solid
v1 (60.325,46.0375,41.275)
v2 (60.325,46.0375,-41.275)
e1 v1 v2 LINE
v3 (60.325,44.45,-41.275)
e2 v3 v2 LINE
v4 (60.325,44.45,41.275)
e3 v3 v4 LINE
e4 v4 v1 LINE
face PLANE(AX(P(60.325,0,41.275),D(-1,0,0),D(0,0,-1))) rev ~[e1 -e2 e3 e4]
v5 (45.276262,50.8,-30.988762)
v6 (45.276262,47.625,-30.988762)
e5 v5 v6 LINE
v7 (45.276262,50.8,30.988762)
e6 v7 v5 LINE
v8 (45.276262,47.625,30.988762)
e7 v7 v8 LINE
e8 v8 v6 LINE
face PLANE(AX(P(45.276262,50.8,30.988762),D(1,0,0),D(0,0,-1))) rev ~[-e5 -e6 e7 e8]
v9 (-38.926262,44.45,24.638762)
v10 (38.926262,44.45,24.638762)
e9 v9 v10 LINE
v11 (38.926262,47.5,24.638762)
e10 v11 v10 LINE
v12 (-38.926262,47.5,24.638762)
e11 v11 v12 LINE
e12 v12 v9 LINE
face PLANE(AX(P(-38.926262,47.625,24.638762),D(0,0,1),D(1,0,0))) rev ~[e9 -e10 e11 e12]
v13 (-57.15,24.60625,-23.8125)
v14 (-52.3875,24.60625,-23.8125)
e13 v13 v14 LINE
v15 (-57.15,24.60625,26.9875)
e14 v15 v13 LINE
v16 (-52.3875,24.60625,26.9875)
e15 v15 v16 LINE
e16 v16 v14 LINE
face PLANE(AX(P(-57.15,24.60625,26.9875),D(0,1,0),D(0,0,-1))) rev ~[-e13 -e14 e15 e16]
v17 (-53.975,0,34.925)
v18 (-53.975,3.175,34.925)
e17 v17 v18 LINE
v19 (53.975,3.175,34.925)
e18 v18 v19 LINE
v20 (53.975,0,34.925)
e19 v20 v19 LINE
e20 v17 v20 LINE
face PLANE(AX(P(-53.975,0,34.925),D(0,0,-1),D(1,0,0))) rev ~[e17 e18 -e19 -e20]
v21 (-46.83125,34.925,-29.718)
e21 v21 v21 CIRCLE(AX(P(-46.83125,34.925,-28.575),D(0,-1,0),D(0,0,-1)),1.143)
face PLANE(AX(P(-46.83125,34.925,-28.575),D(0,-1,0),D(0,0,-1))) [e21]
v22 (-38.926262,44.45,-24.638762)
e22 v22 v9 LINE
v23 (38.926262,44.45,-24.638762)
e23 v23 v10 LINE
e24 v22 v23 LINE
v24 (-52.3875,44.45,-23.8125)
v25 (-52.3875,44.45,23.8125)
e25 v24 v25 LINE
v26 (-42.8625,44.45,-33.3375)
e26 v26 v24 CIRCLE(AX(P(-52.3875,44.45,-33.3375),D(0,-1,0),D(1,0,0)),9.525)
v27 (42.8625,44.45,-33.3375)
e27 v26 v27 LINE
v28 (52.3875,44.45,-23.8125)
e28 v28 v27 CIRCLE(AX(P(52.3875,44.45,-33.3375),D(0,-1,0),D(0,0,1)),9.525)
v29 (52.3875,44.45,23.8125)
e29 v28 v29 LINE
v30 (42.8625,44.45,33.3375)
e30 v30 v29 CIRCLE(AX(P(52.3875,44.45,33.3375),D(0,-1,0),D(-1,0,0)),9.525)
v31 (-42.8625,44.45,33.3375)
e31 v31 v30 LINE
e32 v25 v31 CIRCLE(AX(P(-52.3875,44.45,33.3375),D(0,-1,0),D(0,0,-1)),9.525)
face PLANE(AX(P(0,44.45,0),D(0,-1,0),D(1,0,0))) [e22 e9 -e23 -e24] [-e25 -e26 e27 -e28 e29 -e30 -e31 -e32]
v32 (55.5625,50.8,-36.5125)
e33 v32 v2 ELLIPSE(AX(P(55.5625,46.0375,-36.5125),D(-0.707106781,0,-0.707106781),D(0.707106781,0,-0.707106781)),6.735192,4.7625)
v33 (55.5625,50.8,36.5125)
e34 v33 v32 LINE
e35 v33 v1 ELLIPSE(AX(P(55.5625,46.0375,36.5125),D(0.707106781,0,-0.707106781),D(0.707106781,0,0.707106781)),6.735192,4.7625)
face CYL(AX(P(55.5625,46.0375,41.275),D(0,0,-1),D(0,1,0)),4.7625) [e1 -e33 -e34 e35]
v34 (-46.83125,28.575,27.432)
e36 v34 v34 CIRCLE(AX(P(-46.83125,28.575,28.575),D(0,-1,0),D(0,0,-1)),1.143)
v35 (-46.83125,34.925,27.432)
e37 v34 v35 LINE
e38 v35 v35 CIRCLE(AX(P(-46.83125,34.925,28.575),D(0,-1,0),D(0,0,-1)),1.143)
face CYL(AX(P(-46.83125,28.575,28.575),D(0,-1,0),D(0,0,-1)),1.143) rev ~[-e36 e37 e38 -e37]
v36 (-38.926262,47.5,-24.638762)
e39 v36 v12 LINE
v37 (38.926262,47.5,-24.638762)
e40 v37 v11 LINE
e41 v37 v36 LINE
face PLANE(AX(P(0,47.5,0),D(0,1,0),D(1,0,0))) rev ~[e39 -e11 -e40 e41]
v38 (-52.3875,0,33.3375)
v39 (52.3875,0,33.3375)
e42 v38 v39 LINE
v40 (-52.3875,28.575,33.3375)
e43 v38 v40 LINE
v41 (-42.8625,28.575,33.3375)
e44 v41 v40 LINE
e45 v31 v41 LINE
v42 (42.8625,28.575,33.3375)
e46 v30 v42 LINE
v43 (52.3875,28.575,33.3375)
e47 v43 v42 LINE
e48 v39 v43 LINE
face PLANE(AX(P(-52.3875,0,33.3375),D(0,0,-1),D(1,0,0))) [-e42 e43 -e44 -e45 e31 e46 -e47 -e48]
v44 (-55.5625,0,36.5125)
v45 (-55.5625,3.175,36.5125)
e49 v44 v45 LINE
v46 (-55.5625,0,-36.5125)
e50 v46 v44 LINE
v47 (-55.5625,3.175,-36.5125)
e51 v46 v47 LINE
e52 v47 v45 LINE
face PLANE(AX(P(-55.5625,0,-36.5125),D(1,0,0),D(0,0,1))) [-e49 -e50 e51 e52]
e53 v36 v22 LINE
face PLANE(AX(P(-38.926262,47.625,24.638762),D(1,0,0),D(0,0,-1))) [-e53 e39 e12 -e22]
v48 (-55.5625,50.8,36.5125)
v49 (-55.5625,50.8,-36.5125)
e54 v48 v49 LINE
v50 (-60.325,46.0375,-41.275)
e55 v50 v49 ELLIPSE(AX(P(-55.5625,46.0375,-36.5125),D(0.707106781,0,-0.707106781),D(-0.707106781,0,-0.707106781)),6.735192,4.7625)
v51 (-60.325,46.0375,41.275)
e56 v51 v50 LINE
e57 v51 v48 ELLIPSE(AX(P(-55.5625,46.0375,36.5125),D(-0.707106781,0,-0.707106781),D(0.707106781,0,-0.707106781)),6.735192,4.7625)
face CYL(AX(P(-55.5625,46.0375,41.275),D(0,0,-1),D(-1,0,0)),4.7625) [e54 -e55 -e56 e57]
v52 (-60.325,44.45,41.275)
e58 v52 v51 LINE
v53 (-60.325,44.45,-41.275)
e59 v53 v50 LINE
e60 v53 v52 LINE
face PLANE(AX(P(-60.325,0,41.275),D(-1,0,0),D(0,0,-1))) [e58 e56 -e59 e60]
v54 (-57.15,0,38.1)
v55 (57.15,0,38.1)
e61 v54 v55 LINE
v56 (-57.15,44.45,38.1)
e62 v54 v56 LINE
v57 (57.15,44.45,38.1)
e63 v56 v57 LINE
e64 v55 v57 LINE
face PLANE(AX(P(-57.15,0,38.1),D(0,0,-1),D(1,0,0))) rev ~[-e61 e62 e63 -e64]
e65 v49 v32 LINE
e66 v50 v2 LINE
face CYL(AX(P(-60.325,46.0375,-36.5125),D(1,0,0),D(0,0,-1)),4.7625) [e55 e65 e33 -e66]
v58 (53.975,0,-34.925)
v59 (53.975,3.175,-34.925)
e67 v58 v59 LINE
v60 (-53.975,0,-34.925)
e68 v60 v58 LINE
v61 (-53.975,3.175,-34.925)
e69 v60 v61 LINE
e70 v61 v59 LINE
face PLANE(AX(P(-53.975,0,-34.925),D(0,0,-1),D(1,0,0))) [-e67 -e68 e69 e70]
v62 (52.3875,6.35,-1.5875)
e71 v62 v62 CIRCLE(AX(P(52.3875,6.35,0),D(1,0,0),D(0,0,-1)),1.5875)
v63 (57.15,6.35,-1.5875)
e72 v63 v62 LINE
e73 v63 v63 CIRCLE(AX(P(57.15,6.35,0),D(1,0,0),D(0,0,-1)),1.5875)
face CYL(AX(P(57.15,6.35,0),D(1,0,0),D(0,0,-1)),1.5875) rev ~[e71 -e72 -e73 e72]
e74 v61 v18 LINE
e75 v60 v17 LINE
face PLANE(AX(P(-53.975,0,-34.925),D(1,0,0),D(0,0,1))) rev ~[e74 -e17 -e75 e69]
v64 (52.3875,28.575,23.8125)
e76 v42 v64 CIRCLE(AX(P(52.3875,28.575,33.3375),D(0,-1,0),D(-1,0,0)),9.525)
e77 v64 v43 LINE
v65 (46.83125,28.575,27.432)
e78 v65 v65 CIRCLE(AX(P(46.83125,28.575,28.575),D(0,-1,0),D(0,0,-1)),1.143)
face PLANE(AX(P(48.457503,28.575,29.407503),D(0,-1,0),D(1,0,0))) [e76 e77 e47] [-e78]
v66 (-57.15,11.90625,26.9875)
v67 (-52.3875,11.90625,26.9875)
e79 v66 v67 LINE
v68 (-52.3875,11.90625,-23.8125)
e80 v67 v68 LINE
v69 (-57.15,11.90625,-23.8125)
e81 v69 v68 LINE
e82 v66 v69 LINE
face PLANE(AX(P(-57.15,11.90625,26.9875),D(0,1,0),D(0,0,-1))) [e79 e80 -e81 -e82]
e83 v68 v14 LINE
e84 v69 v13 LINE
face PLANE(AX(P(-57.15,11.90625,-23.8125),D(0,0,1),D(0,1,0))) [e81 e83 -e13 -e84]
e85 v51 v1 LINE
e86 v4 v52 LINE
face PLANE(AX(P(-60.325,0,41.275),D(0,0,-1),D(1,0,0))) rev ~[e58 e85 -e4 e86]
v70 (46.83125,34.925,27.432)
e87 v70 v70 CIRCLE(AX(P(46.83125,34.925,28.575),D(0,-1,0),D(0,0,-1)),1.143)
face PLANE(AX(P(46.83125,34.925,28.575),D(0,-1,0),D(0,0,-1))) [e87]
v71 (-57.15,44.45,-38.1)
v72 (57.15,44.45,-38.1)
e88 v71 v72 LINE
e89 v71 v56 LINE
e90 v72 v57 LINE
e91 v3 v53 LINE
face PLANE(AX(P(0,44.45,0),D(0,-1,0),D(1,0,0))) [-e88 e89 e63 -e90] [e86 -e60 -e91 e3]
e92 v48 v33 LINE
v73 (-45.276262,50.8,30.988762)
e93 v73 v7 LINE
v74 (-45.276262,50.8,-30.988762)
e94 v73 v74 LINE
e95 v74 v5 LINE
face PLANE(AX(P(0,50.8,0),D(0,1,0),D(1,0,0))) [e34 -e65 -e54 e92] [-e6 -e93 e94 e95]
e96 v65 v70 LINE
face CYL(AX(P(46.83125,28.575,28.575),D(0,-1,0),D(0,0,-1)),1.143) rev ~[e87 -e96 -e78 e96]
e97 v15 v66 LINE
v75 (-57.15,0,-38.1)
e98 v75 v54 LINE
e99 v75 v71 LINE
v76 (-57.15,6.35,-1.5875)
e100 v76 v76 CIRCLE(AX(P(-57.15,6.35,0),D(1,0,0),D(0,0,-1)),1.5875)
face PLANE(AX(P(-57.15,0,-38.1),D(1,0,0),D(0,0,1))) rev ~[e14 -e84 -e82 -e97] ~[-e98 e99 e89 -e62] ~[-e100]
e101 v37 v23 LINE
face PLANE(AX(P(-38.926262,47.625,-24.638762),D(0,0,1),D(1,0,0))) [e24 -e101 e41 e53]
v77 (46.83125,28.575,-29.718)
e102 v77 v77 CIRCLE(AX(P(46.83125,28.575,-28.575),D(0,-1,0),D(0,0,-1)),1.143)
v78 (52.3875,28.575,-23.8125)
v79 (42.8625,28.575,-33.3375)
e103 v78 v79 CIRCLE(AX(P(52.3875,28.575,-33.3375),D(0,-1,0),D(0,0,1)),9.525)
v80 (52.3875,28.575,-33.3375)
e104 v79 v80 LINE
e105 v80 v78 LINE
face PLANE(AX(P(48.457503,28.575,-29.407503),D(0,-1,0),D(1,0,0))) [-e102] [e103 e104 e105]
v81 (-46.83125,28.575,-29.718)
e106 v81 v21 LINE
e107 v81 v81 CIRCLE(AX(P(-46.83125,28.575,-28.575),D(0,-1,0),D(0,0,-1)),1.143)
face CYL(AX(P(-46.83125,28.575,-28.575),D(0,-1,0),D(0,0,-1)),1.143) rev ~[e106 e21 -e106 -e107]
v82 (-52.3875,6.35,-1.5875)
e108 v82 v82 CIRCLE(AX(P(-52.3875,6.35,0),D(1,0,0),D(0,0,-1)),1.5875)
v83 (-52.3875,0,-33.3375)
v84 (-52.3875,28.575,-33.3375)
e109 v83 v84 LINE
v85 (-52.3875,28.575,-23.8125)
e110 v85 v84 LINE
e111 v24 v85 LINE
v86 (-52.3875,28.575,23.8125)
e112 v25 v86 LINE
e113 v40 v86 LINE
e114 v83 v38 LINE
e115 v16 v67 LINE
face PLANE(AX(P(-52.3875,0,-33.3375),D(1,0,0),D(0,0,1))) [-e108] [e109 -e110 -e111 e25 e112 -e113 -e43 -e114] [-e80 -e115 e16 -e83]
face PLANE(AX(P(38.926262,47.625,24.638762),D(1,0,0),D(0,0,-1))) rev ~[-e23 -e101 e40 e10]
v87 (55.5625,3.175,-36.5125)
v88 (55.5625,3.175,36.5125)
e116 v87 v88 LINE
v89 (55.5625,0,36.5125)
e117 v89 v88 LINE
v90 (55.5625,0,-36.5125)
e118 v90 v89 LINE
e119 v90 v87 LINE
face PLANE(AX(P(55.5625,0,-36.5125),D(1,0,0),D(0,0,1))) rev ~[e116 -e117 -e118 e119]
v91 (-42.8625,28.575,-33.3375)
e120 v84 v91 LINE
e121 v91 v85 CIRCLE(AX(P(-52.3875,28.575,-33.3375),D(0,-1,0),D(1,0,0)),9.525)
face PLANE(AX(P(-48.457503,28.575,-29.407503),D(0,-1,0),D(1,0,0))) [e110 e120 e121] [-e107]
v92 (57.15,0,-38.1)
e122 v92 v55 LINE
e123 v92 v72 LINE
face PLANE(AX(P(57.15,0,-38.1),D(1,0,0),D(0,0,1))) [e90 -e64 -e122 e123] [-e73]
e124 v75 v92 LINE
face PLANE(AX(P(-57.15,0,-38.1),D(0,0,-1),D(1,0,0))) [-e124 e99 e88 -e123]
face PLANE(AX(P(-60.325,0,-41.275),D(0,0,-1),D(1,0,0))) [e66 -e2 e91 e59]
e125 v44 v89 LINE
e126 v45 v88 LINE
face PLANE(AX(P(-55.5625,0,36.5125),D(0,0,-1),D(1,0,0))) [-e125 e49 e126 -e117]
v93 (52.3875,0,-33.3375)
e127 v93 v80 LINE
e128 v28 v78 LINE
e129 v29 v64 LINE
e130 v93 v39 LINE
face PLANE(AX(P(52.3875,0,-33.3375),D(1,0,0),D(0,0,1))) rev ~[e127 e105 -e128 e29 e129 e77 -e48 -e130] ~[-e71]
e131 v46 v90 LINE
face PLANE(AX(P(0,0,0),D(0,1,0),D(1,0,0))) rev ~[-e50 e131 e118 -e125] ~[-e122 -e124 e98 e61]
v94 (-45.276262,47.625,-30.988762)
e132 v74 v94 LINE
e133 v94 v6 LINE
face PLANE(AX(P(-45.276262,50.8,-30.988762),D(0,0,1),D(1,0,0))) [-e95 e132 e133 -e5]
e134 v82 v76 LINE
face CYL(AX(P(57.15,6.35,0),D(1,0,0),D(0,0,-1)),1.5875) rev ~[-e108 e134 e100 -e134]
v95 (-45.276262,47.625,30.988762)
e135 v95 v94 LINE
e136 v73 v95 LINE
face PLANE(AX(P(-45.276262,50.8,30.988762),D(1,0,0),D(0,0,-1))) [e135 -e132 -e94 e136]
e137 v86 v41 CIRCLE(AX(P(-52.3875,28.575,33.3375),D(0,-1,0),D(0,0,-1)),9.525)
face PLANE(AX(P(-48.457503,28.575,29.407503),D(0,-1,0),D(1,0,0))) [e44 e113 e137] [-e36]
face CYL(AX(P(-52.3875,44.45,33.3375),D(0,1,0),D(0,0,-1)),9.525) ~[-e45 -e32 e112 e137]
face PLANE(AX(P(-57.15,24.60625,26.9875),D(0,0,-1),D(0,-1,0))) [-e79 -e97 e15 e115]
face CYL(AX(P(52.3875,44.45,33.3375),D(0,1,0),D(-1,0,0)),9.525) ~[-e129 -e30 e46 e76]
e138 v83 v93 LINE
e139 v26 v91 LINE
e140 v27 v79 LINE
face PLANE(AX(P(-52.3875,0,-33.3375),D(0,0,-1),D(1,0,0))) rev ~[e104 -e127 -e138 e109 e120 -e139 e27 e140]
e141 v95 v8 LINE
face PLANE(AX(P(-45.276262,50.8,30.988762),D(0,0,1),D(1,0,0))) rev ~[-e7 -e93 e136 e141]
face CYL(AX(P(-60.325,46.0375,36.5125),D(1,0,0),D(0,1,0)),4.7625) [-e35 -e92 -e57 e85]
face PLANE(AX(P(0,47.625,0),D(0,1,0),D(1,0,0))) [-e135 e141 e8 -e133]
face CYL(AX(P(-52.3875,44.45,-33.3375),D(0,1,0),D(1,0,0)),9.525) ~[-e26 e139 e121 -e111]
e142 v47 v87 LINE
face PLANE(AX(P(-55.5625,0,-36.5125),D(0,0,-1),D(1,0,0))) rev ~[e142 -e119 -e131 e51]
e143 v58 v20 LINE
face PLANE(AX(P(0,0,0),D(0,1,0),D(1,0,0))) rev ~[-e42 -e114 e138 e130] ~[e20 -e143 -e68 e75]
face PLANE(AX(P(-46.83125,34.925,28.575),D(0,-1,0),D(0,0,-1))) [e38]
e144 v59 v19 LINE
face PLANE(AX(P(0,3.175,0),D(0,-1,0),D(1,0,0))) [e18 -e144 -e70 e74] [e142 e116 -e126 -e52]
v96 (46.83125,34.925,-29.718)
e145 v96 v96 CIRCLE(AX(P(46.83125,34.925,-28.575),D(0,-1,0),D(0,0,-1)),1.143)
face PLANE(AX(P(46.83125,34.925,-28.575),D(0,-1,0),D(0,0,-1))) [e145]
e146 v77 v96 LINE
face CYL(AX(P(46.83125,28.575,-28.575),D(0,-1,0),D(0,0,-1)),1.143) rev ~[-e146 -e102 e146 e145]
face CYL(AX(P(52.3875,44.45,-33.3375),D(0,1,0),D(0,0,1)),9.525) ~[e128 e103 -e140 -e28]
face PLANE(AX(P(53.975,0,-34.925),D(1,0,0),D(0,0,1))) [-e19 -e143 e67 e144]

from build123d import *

# Parameters (mm, degrees)
SKETCH1_W                                 = 120.65
SKETCH1_H                                 = 82.55
MAINBODY_DEPTH                            = 50.8
SKETCH2_W                                 = 90.552524
SKETCH2_H                                 = 61.977524
SOLARPANELRECESS_DEPTH                    = 3.175
SKETCH3_W                                 = 77.852524
SKETCH3_H                                 = 49.277524
SOLARPANELWIRINGRECESS_DEPTH              = 88.240311067
SKETCH4_W                                 = 127
SKETCH4_H                                 = 88.9
SKETCH4_W_2                               = 120.65
SKETCH4_H_2                               = 82.55
SKETCH4_W_3                               = 114.3
SKETCH4_H_3                               = 76.2
SKETCH4_W_4                               = 104.775
SKETCH4_H_4                               = 66.675
SKETCH4_W_5                               = 77.852524
SKETCH4_H_5                               = 49.277524
INSIDEENCLOSURERECESS_OUTSIDEFLANGE_DEPTH = 44.45
TOPFANCYFILLET_R                          = 4.7625
CABLEACCESS_REACH                         = 136.479
SKETCH9_R                                 = 1.5875
TOPEDGEHOLES_DEPTH                        = 135.479148012
CORNERSTANDOFFS_DEPTH                     = 15.875
SKETCH11_R                                = 1.143
SCREWSTANDOFFHOLES_DEPTH                  = 6.35
SKETCH12_W                                = 111.125
SKETCH12_H                                = 73.025
SKETCH12_W_2                              = 107.95
SKETCH12_H_2                              = 69.85
WEATHERSEALRECESS_DEPTH                   = 3.175
SKETCH13_W                                = 90.552524
SKETCH13_H                                = 61.977524
BLANKINSERT_BETTERBRIDGING_DEPTH          = 0.125


with BuildPart() as part:
    # Sketch1 → MainBody (new body)
    with BuildSketch(Plane(origin=(0, 0, 0), x_dir=(1, 0, 0), z_dir=(0, 1, 0))):
        Rectangle(SKETCH1_W, SKETCH1_H)
    extrude(amount=MAINBODY_DEPTH)

    # Sketch2 → SolarPanelRecess (cut)
    with BuildSketch(Plane(origin=(0, 50.8, 0), x_dir=(1, 0, 0), z_dir=(0, 1, 0))):
        Rectangle(SKETCH2_W, SKETCH2_H)
    extrude(amount=-SOLARPANELRECESS_DEPTH, mode=Mode.SUBTRACT)

    # Sketch3 → SolarPanelWiringRecess (cut, through all)
    with BuildSketch(Plane(origin=(0, 47.625, 0), x_dir=(1, 0, 0), z_dir=(0, 1, 0))):
        Rectangle(SKETCH3_W, SKETCH3_H)
    extrude(amount=-SOLARPANELWIRINGRECESS_DEPTH, mode=Mode.SUBTRACT)

    # Sketch4 → InsideEnclosureRecess_OutsideFlange (cut)
    with BuildSketch(Plane.XZ):
        Rectangle(SKETCH4_W, SKETCH4_H)
        Rectangle(SKETCH4_W_2, SKETCH4_H_2, mode=Mode.SUBTRACT)
        Rectangle(SKETCH4_W_2, SKETCH4_H_2)
        Rectangle(SKETCH4_W_3, SKETCH4_H_3, mode=Mode.SUBTRACT)
        Rectangle(SKETCH4_W_4, SKETCH4_H_4)
        Rectangle(SKETCH4_W_5, SKETCH4_H_5, mode=Mode.SUBTRACT)
    extrude(amount=-INSIDEENCLOSURERECESS_OUTSIDEFLANGE_DEPTH, mode=Mode.SUBTRACT)

    # TopFancyFillet
    topfancyfillet_edges = [part.edges().sort_by_distance(p)[0] for p in [
        (-60.325, 50.8, 0),
        (0, 50.8, 41.275),
        (60.325, 50.8, 0),
        (0, 50.8, -41.275),
    ]]
    fillet(topfancyfillet_edges, radius=TOPFANCYFILLET_R)

    # Sketch6 → CableAccess (cut, up to next)
    with BuildSketch(Plane.ZY.offset(57.15), mode=Mode.PRIVATE) as cableaccess_sk1:
        Polygon((-14.2875, 24.60625), (14.2875, 24.60625), (26.9875, 24.60625), (26.9875, 11.90625), (-23.8125, 11.90625), (-23.8125, 24.60625), align=None)
    cableaccess_tool1 = extrude(cableaccess_sk1.sketch, amount=-CABLEACCESS_REACH, mode=Mode.PRIVATE) & part.part
    add(cableaccess_tool1.solids().sort_by_distance((-57.15, 18.25625, 1.5875))[0], mode=Mode.SUBTRACT)

    # Sketch9 → TopEdgeHoles (cut, through all)
    with BuildSketch(Plane(origin=(57.15, 0, 0), x_dir=(0, 0, -1), z_dir=(1, 0, 0))):
        with Locations((0, 6.35)):
            Circle(SKETCH9_R)
    extrude(amount=-TOPEDGEHOLES_DEPTH, mode=Mode.SUBTRACT)

    # Sketch10 → CornerStandoffs (add)
    with BuildSketch(Plane.XZ.offset(-44.45)):
        with BuildLine():
            Line((-42.8625, 33.3375), (-52.3875, 33.3375))
            Line((-52.3875, 33.3375), (-52.3875, 23.8125))
            ThreePointArc((-52.3875, 23.8125), (-45.652307909, 26.602307909), (-42.8625, 33.3375))
        make_face()
        with BuildLine():
            ThreePointArc((-42.8625, -33.3375), (-45.652307909, -26.602307909), (-52.3875, -23.8125))
            Line((-52.3875, -23.8125), (-52.3875, -33.3375))
            Line((-52.3875, -33.3375), (-42.8625, -33.3375))
        make_face()
        with BuildLine():
            Line((52.3875, 33.3375), (42.8625, 33.3375))
            ThreePointArc((42.8625, 33.3375), (45.652307909, 26.602307909), (52.3875, 23.8125))
            Line((52.3875, 23.8125), (52.3875, 33.3375))
        make_face()
        with BuildLine():
            ThreePointArc((52.3875, -23.8125), (45.652307909, -26.602307909), (42.8625, -33.3375))
            Line((42.8625, -33.3375), (52.3875, -33.3375))
            Line((52.3875, -33.3375), (52.3875, -23.8125))
        make_face()
    extrude(amount=CORNERSTANDOFFS_DEPTH)

    # Sketch11 → ScrewStandoffHoles (cut)
    with BuildSketch(Plane.XZ.offset(-28.575)):
        with Locations(Location((46.83125, -28.575, 0), (0, 0, 270))):
            Circle(SKETCH11_R)
        with Locations(Location((-46.83125, -28.575, 0), (0, 0, 270))):
            Circle(SKETCH11_R)
        with Locations(Location((-46.83125, 28.575, 0), (0, 0, 270))):
            Circle(SKETCH11_R)
        with Locations(Location((46.83125, 28.575, 0), (0, 0, 270))):
            Circle(SKETCH11_R)
    extrude(amount=-SCREWSTANDOFFHOLES_DEPTH, mode=Mode.SUBTRACT)

    # Sketch12 → WeatherSealRecess (cut)
    with BuildSketch(Plane.XZ):
        Rectangle(SKETCH12_W, SKETCH12_H)
        Rectangle(SKETCH12_W_2, SKETCH12_H_2, mode=Mode.SUBTRACT)
    extrude(amount=-WEATHERSEALRECESS_DEPTH, mode=Mode.SUBTRACT)

    # Sketch13 → BlankInsert_BetterBridging (add)
    with BuildSketch(Plane(origin=(0, 47.625, 0), x_dir=(1, 0, 0), z_dir=(0, 1, 0))):
        Rectangle(SKETCH13_W, SKETCH13_H)
    extrude(amount=-BLANKINSERT_BETTERBRIDGING_DEPTH)


solid = part.part
